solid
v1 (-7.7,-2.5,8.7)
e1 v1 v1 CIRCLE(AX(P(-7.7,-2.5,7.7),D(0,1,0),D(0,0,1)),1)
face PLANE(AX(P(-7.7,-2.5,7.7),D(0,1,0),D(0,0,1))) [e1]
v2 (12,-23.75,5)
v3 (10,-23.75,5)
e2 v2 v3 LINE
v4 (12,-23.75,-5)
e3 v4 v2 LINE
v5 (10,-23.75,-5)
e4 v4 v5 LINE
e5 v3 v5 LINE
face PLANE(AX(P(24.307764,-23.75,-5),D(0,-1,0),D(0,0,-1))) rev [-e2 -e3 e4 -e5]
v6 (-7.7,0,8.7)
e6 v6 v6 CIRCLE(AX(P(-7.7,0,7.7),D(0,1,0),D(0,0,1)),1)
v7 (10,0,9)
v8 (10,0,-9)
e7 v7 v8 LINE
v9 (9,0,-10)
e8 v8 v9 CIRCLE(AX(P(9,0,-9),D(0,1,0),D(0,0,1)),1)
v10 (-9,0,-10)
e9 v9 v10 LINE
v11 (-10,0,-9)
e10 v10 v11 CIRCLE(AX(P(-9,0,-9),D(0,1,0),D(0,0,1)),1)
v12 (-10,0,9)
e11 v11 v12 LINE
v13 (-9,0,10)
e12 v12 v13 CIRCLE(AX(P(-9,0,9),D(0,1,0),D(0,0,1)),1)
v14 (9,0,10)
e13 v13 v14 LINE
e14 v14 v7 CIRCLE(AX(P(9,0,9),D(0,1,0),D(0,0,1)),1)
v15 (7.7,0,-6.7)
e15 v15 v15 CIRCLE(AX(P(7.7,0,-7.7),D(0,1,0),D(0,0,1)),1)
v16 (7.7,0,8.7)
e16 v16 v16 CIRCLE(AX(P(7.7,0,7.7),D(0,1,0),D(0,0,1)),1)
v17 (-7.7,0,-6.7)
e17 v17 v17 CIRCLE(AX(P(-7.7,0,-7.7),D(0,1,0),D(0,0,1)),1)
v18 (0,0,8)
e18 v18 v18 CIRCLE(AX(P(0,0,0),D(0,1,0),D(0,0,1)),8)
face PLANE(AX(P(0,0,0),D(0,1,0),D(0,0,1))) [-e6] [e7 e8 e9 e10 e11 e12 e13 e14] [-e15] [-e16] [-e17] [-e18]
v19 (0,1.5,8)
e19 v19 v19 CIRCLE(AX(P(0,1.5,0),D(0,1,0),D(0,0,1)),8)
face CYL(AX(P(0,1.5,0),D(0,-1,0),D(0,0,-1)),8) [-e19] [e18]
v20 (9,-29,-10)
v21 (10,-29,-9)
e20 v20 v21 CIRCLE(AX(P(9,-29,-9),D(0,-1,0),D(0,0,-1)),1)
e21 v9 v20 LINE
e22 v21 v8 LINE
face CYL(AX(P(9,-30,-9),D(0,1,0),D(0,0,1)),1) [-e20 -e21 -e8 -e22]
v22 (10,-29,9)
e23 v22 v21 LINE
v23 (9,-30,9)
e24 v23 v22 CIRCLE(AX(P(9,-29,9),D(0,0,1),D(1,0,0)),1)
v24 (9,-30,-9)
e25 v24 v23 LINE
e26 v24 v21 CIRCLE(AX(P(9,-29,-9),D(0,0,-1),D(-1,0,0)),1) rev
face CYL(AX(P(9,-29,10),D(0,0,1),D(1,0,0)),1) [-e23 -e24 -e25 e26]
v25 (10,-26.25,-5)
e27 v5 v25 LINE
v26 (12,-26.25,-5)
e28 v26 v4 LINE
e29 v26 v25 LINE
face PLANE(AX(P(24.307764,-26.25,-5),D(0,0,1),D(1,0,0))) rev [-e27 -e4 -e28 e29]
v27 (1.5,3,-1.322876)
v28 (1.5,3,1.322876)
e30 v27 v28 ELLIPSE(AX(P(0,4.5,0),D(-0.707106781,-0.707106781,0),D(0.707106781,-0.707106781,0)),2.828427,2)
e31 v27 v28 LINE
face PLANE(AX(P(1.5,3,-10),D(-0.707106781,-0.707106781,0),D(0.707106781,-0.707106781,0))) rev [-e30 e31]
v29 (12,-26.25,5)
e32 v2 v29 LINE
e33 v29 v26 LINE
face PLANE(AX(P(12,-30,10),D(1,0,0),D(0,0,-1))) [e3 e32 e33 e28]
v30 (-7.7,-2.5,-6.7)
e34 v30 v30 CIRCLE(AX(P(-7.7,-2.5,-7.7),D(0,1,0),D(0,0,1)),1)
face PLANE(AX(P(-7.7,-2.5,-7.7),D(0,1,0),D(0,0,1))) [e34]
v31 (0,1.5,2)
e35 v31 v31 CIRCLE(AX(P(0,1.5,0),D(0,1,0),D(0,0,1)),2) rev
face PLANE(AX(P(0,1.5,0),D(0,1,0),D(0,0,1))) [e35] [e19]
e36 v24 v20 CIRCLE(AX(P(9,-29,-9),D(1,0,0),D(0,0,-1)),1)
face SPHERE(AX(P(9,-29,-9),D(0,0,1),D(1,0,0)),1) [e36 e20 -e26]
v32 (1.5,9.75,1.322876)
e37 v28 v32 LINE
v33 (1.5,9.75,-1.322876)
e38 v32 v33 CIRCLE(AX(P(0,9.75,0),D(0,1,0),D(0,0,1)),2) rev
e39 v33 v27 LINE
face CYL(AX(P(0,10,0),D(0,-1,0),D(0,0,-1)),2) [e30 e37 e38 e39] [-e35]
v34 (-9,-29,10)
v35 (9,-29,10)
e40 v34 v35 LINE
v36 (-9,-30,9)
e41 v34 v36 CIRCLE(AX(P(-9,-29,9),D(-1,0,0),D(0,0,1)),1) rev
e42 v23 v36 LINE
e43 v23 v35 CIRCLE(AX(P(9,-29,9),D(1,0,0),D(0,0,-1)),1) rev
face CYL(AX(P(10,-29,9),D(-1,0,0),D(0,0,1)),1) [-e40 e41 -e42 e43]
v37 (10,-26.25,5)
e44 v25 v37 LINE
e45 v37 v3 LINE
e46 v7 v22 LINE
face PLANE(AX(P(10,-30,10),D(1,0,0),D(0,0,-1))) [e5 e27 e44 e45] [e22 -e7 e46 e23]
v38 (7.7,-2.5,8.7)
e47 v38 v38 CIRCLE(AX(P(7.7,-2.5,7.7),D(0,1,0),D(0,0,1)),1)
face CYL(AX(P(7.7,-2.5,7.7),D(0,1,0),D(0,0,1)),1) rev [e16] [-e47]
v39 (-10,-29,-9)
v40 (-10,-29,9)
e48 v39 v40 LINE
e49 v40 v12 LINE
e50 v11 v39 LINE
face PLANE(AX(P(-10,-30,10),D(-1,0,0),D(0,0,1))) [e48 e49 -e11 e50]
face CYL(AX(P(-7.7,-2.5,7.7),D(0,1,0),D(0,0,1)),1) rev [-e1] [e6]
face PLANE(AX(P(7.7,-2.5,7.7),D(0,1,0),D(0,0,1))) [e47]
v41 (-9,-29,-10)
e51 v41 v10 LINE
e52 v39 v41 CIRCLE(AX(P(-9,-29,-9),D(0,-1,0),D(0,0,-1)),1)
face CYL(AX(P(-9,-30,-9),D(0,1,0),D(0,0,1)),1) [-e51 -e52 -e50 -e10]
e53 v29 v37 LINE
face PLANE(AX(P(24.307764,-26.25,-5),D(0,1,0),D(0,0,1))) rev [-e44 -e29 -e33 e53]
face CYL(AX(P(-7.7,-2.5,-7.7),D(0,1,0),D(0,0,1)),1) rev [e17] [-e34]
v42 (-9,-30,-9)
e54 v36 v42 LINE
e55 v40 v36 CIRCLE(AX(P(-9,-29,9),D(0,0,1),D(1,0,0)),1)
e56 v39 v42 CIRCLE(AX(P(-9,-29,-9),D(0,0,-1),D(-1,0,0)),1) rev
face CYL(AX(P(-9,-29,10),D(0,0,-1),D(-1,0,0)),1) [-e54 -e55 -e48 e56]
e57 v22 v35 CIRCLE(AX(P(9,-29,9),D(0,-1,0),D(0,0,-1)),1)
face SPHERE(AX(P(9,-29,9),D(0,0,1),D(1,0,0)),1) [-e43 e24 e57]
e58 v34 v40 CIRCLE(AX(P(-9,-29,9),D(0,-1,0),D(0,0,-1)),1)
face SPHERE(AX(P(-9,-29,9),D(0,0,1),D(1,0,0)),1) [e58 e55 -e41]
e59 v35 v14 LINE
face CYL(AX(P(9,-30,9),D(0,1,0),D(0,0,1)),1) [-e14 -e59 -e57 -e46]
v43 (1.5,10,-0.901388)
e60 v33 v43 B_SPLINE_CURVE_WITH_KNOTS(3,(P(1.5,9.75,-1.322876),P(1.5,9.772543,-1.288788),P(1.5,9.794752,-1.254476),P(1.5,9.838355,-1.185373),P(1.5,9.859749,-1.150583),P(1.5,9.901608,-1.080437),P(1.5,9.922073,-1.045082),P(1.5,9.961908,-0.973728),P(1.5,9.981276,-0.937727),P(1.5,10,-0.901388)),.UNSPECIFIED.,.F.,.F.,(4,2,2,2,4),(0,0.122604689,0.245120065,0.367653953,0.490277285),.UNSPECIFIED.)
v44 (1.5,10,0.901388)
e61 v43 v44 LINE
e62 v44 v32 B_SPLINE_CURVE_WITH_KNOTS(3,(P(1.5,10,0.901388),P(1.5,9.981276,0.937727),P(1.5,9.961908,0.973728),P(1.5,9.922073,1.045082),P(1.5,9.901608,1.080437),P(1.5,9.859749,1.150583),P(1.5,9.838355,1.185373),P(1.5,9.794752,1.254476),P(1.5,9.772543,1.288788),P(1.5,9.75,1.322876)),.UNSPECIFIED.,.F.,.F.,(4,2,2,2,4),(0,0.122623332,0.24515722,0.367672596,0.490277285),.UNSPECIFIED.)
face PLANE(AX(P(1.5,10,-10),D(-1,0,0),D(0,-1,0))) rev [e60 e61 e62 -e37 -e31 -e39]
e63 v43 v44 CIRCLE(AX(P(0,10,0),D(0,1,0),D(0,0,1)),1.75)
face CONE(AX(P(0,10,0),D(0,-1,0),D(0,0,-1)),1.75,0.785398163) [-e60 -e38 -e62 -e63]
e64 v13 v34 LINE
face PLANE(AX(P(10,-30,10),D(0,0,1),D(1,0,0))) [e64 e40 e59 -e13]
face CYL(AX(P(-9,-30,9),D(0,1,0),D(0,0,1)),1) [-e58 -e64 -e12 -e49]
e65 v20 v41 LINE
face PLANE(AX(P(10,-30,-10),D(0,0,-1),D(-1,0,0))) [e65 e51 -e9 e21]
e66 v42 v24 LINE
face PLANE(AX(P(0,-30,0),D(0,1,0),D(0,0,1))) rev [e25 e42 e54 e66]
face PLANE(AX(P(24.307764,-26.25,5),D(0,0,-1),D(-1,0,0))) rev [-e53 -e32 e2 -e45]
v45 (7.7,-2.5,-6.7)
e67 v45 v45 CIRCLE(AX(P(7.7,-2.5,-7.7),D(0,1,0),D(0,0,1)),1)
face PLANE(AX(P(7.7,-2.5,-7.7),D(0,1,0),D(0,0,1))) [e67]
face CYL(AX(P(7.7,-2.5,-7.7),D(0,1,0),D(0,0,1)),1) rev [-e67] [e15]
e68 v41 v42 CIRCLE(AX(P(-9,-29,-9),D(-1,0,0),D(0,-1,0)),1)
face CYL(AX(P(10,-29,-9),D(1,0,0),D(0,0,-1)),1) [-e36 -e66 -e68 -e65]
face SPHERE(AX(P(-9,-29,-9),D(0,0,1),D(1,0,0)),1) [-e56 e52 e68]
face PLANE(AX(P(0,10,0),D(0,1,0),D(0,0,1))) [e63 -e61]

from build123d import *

# Parameters (mm, degrees)
SKETCH1_W               = 20
SKETCH1_H               = 20
BOSS_EXTRUDE1_DEPTH     = 30
SKETCH2_R               = 1
CUT_EXTRUDE1_DEPTH      = 2.5
SKETCH3_R               = 8
BOSS_EXTRUDE2_DEPTH     = 1.5
SKETCH4_R               = 2
BOSS_EXTRUDE3_DEPTH     = 10
CUT_EXTRUDE2_DEPTH      = 11
CUT_EXTRUDE2_DEPTH_BACK = 11
CHAMFER1_SIZE           = 0.25
FILLET1_R               = 1
SKETCH6_W               = 10
SKETCH6_H               = 2.5
BOSS_EXTRUDE4_DEPTH     = 12


with BuildPart() as part:
    # Sketch1 → Boss-Extrude1 (new body)
    with BuildSketch(Plane(origin=(0, 0, 0), x_dir=(1, 0, 0), z_dir=(0, 1, 0))):
        Rectangle(SKETCH1_W, SKETCH1_H)
    extrude(amount=-BOSS_EXTRUDE1_DEPTH)

    # Sketch2 → Cut-Extrude1 (cut)
    with BuildSketch(Plane(origin=(0, 0, 0), x_dir=(1, 0, 0), z_dir=(0, 1, 0))):
        with Locations((-7.7, 7.7)):
            Circle(SKETCH2_R)
        with Locations((7.7, 7.7)):
            Circle(SKETCH2_R)
        with Locations((7.7, -7.7)):
            Circle(SKETCH2_R)
        with Locations((-7.7, -7.7)):
            Circle(SKETCH2_R)
    extrude(amount=-CUT_EXTRUDE1_DEPTH, mode=Mode.SUBTRACT)

    # Sketch3 → Boss-Extrude2 (add)
    with BuildSketch(Plane(origin=(0, 0, 0), x_dir=(1, 0, 0), z_dir=(0, 1, 0))):
        Circle(SKETCH3_R)
    extrude(amount=BOSS_EXTRUDE2_DEPTH)

    # Sketch4 → Boss-Extrude3 (add)
    with BuildSketch(Plane(origin=(0, 0, 0), x_dir=(1, 0, 0), z_dir=(0, 1, 0))):
        Circle(SKETCH4_R)
    extrude(amount=BOSS_EXTRUDE3_DEPTH)

    # Sketch5 → Cut-Extrude2 (cut, two sides)
    with BuildSketch(Plane.XY) as cut_extrude2_sk:
        Polygon((2, 10), (1.5, 10), (1.5, 3), (2, 2.5), align=None)
    extrude(amount=CUT_EXTRUDE2_DEPTH, mode=Mode.SUBTRACT)
    extrude(cut_extrude2_sk.sketch, amount=-CUT_EXTRUDE2_DEPTH_BACK, mode=Mode.SUBTRACT)

    # Chamfer1
    chamfer1_edges = [part.edges().sort_by_distance(p)[0] for p in [
        (-2, 10, 0),
    ]]
    chamfer(chamfer1_edges, length=CHAMFER1_SIZE)

    # Fillet1
    fillet1_edges = [part.edges().sort_by_distance(p)[0] for p in [
        (10, -30, 0),
        (0, -30, -10),
        (-10, -30, 0),
        (0, -30, 10),
        (-10, -15, -10),
        (10, -15, -10),
        (10, -15, 10),
        (-10, -15, 10),
    ]]
    fillet(fillet1_edges, radius=FILLET1_R)

    # Sketch6 → Boss-Extrude4 (add)
    with BuildSketch(Plane(origin=(0, 0, 0), x_dir=(0, 0, -1), z_dir=(1, 0, 0))):
        with Locations((0, -25)):
            Rectangle(SKETCH6_W, SKETCH6_H)
    extrude(amount=BOSS_EXTRUDE4_DEPTH)


solid = part.part
